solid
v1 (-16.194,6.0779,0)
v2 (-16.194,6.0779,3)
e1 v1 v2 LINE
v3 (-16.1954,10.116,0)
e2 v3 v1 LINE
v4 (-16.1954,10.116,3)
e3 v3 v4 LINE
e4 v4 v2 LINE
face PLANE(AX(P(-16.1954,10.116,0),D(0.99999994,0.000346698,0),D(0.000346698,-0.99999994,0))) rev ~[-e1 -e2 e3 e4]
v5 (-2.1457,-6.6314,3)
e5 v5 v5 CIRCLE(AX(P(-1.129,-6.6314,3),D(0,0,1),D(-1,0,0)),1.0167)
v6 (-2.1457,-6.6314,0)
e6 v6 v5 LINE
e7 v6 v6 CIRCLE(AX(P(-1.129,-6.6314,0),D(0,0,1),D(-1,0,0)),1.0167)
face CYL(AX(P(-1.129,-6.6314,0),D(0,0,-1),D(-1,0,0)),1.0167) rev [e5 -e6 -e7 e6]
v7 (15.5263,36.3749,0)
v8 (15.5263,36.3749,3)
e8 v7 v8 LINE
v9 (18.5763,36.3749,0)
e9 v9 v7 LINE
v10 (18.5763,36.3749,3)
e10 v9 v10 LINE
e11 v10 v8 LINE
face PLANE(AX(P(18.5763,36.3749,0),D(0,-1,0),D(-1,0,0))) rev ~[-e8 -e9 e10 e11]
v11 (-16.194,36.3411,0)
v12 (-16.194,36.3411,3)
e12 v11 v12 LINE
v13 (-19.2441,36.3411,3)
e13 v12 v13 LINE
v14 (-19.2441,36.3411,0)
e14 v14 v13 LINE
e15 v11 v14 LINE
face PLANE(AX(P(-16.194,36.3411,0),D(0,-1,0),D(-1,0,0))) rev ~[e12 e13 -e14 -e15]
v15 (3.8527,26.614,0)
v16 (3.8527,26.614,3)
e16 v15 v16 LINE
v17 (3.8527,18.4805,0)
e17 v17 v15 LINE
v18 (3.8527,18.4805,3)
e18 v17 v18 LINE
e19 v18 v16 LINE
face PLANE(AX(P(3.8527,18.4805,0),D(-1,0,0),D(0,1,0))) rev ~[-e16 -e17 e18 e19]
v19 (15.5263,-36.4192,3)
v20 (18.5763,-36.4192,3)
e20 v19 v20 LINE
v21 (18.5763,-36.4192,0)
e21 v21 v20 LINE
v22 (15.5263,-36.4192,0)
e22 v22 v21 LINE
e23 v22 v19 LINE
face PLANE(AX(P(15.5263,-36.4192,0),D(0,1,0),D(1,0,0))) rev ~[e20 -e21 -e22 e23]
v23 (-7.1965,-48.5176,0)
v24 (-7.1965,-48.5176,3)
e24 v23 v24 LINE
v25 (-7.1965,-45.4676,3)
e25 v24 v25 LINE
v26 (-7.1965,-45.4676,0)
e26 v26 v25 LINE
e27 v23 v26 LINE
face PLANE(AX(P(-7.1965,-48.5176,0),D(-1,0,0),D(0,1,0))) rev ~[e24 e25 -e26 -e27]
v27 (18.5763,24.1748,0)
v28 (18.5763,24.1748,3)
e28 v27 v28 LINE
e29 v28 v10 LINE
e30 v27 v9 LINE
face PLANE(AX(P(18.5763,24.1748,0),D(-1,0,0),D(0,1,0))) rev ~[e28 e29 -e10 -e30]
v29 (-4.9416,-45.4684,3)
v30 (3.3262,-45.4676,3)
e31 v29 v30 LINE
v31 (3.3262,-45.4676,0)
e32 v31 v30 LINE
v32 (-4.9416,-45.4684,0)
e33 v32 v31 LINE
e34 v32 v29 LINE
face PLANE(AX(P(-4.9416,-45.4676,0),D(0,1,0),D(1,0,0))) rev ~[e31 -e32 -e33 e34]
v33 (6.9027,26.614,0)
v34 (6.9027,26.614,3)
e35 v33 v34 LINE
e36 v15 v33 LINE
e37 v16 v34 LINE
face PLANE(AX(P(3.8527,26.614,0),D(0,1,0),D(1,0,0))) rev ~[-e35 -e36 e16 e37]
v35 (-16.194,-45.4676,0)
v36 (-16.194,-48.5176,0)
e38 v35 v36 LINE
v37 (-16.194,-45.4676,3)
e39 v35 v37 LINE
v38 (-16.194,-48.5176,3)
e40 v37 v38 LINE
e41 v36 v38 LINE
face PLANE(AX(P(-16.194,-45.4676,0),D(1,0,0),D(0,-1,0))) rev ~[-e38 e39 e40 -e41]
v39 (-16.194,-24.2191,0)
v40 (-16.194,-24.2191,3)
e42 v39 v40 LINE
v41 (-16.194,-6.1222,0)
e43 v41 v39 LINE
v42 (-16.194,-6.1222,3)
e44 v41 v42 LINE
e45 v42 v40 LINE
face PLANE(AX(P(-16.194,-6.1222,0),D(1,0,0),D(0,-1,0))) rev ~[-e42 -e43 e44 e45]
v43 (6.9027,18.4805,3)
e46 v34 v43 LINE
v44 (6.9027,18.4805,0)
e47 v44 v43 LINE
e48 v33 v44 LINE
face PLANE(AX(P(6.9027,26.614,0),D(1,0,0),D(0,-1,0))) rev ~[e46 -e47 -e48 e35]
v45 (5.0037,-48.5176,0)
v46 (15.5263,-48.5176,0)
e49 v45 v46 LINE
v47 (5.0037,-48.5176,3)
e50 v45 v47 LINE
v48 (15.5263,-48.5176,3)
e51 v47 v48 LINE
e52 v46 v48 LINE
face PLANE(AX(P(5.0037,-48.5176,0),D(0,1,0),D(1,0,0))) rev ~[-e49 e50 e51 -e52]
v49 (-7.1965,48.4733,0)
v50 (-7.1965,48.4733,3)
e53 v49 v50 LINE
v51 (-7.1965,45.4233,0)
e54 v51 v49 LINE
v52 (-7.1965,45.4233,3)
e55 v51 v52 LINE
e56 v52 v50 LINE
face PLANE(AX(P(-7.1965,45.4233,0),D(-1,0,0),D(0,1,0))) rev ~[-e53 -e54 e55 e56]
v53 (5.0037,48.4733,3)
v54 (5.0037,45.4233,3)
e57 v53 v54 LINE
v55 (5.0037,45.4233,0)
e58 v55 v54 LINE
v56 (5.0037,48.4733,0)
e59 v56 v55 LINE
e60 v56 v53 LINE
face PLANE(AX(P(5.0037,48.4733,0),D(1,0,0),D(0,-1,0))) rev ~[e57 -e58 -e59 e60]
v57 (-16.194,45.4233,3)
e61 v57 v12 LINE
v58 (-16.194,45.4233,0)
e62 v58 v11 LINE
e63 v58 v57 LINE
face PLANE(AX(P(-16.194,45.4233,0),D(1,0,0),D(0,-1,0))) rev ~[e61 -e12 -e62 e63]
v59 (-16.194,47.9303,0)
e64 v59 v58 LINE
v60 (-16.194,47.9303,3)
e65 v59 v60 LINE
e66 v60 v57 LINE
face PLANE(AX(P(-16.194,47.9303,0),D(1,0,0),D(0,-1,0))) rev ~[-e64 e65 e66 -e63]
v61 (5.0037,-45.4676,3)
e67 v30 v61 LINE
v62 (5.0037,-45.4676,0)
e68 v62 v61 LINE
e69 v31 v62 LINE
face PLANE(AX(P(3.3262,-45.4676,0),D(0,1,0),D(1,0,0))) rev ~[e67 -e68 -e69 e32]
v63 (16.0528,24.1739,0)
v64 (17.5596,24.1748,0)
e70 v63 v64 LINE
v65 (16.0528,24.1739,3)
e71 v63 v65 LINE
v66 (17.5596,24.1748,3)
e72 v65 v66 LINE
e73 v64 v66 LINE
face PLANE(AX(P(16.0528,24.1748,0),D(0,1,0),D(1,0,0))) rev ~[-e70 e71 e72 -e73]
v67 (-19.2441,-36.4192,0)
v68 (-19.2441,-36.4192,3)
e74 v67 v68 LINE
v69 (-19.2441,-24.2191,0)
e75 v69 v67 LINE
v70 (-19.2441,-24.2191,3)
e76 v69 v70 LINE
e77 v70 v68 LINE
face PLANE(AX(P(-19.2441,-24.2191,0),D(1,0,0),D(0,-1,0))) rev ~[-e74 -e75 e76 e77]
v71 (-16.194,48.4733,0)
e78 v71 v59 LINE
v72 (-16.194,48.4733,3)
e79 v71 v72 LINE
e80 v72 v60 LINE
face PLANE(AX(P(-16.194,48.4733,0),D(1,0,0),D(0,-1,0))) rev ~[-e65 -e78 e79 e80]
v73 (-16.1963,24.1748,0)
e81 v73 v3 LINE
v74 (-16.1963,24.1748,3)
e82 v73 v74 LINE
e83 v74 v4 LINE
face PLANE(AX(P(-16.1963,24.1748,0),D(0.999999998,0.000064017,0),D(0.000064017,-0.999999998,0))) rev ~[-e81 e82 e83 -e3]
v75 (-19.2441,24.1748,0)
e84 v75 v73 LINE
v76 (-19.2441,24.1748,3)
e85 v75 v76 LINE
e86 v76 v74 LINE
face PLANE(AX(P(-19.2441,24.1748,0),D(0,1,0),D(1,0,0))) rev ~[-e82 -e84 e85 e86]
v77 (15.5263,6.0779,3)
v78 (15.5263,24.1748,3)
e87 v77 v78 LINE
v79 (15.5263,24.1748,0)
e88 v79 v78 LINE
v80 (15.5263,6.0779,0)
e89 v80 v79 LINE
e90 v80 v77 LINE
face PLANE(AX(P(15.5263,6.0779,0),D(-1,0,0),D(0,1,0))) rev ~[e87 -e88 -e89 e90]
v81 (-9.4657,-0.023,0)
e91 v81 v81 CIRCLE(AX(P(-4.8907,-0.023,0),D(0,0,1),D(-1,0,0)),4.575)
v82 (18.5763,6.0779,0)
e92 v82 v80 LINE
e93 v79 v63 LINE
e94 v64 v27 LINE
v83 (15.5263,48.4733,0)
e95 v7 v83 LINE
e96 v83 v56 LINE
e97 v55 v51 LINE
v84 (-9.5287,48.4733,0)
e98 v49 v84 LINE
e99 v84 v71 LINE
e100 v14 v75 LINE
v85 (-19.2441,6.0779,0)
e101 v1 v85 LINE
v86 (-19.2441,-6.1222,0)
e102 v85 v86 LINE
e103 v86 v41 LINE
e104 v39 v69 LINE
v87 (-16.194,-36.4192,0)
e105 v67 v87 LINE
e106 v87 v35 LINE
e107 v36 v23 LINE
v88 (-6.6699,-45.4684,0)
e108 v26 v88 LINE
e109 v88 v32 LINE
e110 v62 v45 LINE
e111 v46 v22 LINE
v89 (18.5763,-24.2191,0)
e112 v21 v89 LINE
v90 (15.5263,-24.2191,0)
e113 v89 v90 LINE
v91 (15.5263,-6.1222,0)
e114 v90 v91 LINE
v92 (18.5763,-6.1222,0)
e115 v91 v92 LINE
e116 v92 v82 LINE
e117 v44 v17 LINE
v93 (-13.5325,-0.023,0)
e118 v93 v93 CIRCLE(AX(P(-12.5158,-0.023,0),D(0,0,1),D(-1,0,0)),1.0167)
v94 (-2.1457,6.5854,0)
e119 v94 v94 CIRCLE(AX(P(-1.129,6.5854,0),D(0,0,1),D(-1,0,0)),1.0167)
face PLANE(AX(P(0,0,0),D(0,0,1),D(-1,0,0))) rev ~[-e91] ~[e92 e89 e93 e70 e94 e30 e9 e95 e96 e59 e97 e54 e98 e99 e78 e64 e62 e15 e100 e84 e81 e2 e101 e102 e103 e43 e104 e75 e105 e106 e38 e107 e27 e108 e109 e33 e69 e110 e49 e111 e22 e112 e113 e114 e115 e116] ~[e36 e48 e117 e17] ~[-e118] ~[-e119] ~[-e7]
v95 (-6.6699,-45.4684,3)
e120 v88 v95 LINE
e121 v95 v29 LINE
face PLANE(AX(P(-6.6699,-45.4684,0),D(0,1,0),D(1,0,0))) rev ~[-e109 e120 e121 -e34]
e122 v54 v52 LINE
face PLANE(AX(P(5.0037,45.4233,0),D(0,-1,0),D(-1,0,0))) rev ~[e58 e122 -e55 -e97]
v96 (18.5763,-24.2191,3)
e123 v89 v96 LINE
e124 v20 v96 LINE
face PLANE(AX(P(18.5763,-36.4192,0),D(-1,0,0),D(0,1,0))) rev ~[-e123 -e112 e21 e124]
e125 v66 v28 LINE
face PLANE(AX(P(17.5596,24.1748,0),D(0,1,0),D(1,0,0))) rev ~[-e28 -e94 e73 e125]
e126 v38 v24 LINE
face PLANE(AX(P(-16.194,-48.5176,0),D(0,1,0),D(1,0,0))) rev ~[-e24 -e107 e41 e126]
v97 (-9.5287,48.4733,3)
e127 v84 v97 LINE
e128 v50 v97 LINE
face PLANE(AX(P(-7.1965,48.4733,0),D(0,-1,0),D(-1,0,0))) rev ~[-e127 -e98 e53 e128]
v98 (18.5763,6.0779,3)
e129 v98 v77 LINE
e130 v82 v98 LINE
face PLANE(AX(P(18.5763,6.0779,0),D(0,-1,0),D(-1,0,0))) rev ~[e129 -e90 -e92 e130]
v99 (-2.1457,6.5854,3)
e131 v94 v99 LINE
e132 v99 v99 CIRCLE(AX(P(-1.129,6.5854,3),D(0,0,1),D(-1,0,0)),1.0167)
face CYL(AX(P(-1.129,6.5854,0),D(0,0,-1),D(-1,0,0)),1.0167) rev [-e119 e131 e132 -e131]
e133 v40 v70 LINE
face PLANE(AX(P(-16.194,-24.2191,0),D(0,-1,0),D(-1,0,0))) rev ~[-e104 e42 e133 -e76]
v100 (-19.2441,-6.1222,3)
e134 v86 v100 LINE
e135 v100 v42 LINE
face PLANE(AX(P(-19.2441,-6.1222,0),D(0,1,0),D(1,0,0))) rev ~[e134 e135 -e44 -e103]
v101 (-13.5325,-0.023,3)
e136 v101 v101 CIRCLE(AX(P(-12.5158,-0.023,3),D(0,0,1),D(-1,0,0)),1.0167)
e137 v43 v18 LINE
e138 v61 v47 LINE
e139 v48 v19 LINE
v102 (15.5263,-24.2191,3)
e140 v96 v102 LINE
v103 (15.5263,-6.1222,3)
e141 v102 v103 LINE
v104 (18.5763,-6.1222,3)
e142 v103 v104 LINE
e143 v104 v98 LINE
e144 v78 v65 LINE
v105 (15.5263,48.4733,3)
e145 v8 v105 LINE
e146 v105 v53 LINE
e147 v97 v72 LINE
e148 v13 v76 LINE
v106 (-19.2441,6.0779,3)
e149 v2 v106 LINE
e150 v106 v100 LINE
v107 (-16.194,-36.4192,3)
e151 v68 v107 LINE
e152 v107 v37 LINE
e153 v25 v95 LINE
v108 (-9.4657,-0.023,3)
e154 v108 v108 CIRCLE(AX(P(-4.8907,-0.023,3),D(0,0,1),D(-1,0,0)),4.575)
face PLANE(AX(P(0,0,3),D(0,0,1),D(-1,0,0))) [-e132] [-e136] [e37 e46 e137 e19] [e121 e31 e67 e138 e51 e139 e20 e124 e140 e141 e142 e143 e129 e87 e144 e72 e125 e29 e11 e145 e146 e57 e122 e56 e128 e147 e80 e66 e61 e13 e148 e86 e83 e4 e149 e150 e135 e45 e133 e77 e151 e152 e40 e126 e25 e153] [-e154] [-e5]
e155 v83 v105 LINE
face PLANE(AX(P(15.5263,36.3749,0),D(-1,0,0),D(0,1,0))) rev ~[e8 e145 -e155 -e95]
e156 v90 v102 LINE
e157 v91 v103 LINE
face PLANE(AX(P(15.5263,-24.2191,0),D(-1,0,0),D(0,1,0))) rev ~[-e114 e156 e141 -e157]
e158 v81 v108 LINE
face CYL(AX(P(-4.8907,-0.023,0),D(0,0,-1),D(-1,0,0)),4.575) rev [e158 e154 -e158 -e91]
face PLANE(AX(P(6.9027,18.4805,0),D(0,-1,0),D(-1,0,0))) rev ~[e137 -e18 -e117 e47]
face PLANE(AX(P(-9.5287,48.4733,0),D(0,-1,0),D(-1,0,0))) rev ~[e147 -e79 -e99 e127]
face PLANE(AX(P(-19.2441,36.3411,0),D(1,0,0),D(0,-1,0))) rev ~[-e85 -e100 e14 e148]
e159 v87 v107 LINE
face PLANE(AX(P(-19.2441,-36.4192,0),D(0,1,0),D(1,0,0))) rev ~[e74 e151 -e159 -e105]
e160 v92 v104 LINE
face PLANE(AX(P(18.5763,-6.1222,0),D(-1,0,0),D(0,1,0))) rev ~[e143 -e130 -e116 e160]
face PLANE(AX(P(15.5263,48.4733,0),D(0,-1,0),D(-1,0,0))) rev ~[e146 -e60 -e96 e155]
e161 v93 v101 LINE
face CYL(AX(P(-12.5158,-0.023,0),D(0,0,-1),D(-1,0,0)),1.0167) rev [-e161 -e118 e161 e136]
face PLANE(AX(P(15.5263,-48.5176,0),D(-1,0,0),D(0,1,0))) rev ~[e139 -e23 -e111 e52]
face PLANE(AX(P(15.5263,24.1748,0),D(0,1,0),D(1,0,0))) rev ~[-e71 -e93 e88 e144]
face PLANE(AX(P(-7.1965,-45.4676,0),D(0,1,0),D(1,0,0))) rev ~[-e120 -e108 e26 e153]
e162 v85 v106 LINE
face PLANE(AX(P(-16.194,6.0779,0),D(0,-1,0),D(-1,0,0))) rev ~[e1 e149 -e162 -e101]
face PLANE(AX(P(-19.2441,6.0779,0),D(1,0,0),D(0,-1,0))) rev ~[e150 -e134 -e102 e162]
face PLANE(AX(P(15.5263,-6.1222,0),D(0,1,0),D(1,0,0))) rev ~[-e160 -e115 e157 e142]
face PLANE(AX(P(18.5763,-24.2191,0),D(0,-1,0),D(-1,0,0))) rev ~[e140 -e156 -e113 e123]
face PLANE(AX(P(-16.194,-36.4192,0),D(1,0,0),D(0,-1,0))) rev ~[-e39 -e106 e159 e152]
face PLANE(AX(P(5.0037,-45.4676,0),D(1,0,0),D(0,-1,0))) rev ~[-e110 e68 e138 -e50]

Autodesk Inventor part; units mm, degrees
ref_plane "YZ Plane" through (0, 0, 0) normal (1, 0, 0) x (0, 1, 0)
ref_plane "XZ Plane" through (0, 0, 0) normal (0, 1, 0) x (-1, 0, 0)
ref_plane "XY Plane" through (0, 0, 0) normal (0, 0, 1) x (1, 0, 0)
sketch "Boceto1" plane through (0, 0, 0) normal (0, 0, 1) x (-1, 0, 0)
  line L0 (-18.5763, -36.3749) -> (-15.5263, -36.3749)
  line L1 (-15.5263, -36.3749) -> (-15.5263, -48.4733)
  line L2 (-15.5263, -48.4733) -> (-5.0037, -48.4733)
  line L3 (-5.0037, -48.4733) -> (-5.0037, -45.4233)
  line L4 (-5.0037, -45.4233) -> (7.1965, -45.4233)
  line L5 (7.1965, -45.4233) -> (7.1965, -48.4733)
  line L6 (7.1965, -48.4733) -> (9.5287, -48.4733)
  line L7 (9.5287, -48.4733) -> (16.194, -48.4733)
  line L8 (16.194, -48.4733) -> (16.194, -47.9303)
  line L9 (16.194, -47.9303) -> (16.194, -45.4233)
  line L10 (16.194, -45.4233) -> (16.194, -36.3411)
  line L11 (16.194, -36.3411) -> (19.2441, -36.3411)
  line L12 (19.2441, -36.3411) -> (19.2441, -24.1748)
  line L13 (19.2444, -24.1748) -> (16.1963, -24.1748)
  line L14 (16.1963, -24.1748) -> (16.1954, -10.116)
  line L15 (16.1954, -10.116) -> (16.194, -6.0779)
  line L16 (16.1918, -6.1454) -> (16.194, -6.0779)
  line L17 (16.194, -6.0779) -> (19.2441, -6.0779)
  line L18 (19.2441, -6.0779) -> (19.2441, 6.1222)
  line L19 (19.2441, 6.1222) -> (16.194, 6.1222)
  line L20 (16.194, 6.1222) -> (16.194, 24.2191)
  line L21 (16.194, 24.2191) -> (19.2441, 24.2191)
  line L22 (19.2441, 24.2191) -> (19.2441, 36.4192)
  line L23 (19.2441, 36.4192) -> (16.194, 36.4192)
  line L24 (16.194, 36.4192) -> (16.194, 45.4676)
  line L25 (16.194, 45.4676) -> (16.194, 48.5176)
  line L26 (16.194, 48.5176) -> (7.1965, 48.5176)
  line L27 (7.1965, 48.5176) -> (7.1965, 45.4676)
  line L28 (7.1965, 45.4676) -> (-3.3262, 45.4676)
  line L29 (-3.3262, 45.4676) -> (-5.0037, 45.4676)
  line L30 (-5.0037, 45.4676) -> (-5.0037, 48.5176)
  line L31 (-5.0037, 48.5176) -> (-15.5263, 48.5176)
  line L32 (-15.5263, 48.5176) -> (-15.5263, 36.4192)
  line L33 (-15.5263, 36.4192) -> (-18.5763, 36.4192)
  line L34 (-18.5763, 36.4192) -> (-18.5763, 24.2191)
  line L35 (-18.5763, 24.2191) -> (-15.5263, 24.2191)
  line L36 (-15.5263, 24.2191) -> (-15.5263, 6.1222)
  line L37 (-15.5263, 6.1222) -> (-18.5763, 6.1222)
  line L38 (-18.5763, 6.1222) -> (-18.5763, -6.0779)
  line L39 (-18.5763, -6.0779) -> (-15.5263, -6.0779)
  line L40 (-15.5263, -6.0779) -> (-15.5263, -24.1748)
  line L41 (-15.5263, -24.1748) -> (-17.5596, -24.1748)
  line L42 (-17.5596, -24.1748) -> (-18.5763, -24.1748)
  line L43 (-18.5763, -24.1748) -> (-18.5763, -36.3749)
  line L44 (-16.0528, -24.1739) -> (-19.1028, -24.1739)
  line L45 (6.6699, 45.4684) -> (4.9416, 45.4684)
  line L46 (-3.8527, -18.4805) -> (-3.8527, -26.614)
  line L47 (-3.8527, -26.614) -> (-6.9027, -26.614)
  line L48 (-6.9027, -26.614) -> (-6.9027, -18.4805)
  line L49 (-6.9027, -18.4805) -> (-3.8527, -18.4805)
  circle A0 centre (1.129, 6.6314) radius 1.0167
  circle A1 centre (4.8907, 0.023) radius 4.575
  circle A2 centre (12.5158, 0.023) radius 1.0167
  circle A3 centre (1.129, -6.5854) radius 1.0167
  point P0 (0, 0)
  dimension "d2" = 96.991
  dimension "d3" = 37.82
extrude "Extrusión1" add sketch "Boceto1" along normal blind 3
properties part number "costat3"
